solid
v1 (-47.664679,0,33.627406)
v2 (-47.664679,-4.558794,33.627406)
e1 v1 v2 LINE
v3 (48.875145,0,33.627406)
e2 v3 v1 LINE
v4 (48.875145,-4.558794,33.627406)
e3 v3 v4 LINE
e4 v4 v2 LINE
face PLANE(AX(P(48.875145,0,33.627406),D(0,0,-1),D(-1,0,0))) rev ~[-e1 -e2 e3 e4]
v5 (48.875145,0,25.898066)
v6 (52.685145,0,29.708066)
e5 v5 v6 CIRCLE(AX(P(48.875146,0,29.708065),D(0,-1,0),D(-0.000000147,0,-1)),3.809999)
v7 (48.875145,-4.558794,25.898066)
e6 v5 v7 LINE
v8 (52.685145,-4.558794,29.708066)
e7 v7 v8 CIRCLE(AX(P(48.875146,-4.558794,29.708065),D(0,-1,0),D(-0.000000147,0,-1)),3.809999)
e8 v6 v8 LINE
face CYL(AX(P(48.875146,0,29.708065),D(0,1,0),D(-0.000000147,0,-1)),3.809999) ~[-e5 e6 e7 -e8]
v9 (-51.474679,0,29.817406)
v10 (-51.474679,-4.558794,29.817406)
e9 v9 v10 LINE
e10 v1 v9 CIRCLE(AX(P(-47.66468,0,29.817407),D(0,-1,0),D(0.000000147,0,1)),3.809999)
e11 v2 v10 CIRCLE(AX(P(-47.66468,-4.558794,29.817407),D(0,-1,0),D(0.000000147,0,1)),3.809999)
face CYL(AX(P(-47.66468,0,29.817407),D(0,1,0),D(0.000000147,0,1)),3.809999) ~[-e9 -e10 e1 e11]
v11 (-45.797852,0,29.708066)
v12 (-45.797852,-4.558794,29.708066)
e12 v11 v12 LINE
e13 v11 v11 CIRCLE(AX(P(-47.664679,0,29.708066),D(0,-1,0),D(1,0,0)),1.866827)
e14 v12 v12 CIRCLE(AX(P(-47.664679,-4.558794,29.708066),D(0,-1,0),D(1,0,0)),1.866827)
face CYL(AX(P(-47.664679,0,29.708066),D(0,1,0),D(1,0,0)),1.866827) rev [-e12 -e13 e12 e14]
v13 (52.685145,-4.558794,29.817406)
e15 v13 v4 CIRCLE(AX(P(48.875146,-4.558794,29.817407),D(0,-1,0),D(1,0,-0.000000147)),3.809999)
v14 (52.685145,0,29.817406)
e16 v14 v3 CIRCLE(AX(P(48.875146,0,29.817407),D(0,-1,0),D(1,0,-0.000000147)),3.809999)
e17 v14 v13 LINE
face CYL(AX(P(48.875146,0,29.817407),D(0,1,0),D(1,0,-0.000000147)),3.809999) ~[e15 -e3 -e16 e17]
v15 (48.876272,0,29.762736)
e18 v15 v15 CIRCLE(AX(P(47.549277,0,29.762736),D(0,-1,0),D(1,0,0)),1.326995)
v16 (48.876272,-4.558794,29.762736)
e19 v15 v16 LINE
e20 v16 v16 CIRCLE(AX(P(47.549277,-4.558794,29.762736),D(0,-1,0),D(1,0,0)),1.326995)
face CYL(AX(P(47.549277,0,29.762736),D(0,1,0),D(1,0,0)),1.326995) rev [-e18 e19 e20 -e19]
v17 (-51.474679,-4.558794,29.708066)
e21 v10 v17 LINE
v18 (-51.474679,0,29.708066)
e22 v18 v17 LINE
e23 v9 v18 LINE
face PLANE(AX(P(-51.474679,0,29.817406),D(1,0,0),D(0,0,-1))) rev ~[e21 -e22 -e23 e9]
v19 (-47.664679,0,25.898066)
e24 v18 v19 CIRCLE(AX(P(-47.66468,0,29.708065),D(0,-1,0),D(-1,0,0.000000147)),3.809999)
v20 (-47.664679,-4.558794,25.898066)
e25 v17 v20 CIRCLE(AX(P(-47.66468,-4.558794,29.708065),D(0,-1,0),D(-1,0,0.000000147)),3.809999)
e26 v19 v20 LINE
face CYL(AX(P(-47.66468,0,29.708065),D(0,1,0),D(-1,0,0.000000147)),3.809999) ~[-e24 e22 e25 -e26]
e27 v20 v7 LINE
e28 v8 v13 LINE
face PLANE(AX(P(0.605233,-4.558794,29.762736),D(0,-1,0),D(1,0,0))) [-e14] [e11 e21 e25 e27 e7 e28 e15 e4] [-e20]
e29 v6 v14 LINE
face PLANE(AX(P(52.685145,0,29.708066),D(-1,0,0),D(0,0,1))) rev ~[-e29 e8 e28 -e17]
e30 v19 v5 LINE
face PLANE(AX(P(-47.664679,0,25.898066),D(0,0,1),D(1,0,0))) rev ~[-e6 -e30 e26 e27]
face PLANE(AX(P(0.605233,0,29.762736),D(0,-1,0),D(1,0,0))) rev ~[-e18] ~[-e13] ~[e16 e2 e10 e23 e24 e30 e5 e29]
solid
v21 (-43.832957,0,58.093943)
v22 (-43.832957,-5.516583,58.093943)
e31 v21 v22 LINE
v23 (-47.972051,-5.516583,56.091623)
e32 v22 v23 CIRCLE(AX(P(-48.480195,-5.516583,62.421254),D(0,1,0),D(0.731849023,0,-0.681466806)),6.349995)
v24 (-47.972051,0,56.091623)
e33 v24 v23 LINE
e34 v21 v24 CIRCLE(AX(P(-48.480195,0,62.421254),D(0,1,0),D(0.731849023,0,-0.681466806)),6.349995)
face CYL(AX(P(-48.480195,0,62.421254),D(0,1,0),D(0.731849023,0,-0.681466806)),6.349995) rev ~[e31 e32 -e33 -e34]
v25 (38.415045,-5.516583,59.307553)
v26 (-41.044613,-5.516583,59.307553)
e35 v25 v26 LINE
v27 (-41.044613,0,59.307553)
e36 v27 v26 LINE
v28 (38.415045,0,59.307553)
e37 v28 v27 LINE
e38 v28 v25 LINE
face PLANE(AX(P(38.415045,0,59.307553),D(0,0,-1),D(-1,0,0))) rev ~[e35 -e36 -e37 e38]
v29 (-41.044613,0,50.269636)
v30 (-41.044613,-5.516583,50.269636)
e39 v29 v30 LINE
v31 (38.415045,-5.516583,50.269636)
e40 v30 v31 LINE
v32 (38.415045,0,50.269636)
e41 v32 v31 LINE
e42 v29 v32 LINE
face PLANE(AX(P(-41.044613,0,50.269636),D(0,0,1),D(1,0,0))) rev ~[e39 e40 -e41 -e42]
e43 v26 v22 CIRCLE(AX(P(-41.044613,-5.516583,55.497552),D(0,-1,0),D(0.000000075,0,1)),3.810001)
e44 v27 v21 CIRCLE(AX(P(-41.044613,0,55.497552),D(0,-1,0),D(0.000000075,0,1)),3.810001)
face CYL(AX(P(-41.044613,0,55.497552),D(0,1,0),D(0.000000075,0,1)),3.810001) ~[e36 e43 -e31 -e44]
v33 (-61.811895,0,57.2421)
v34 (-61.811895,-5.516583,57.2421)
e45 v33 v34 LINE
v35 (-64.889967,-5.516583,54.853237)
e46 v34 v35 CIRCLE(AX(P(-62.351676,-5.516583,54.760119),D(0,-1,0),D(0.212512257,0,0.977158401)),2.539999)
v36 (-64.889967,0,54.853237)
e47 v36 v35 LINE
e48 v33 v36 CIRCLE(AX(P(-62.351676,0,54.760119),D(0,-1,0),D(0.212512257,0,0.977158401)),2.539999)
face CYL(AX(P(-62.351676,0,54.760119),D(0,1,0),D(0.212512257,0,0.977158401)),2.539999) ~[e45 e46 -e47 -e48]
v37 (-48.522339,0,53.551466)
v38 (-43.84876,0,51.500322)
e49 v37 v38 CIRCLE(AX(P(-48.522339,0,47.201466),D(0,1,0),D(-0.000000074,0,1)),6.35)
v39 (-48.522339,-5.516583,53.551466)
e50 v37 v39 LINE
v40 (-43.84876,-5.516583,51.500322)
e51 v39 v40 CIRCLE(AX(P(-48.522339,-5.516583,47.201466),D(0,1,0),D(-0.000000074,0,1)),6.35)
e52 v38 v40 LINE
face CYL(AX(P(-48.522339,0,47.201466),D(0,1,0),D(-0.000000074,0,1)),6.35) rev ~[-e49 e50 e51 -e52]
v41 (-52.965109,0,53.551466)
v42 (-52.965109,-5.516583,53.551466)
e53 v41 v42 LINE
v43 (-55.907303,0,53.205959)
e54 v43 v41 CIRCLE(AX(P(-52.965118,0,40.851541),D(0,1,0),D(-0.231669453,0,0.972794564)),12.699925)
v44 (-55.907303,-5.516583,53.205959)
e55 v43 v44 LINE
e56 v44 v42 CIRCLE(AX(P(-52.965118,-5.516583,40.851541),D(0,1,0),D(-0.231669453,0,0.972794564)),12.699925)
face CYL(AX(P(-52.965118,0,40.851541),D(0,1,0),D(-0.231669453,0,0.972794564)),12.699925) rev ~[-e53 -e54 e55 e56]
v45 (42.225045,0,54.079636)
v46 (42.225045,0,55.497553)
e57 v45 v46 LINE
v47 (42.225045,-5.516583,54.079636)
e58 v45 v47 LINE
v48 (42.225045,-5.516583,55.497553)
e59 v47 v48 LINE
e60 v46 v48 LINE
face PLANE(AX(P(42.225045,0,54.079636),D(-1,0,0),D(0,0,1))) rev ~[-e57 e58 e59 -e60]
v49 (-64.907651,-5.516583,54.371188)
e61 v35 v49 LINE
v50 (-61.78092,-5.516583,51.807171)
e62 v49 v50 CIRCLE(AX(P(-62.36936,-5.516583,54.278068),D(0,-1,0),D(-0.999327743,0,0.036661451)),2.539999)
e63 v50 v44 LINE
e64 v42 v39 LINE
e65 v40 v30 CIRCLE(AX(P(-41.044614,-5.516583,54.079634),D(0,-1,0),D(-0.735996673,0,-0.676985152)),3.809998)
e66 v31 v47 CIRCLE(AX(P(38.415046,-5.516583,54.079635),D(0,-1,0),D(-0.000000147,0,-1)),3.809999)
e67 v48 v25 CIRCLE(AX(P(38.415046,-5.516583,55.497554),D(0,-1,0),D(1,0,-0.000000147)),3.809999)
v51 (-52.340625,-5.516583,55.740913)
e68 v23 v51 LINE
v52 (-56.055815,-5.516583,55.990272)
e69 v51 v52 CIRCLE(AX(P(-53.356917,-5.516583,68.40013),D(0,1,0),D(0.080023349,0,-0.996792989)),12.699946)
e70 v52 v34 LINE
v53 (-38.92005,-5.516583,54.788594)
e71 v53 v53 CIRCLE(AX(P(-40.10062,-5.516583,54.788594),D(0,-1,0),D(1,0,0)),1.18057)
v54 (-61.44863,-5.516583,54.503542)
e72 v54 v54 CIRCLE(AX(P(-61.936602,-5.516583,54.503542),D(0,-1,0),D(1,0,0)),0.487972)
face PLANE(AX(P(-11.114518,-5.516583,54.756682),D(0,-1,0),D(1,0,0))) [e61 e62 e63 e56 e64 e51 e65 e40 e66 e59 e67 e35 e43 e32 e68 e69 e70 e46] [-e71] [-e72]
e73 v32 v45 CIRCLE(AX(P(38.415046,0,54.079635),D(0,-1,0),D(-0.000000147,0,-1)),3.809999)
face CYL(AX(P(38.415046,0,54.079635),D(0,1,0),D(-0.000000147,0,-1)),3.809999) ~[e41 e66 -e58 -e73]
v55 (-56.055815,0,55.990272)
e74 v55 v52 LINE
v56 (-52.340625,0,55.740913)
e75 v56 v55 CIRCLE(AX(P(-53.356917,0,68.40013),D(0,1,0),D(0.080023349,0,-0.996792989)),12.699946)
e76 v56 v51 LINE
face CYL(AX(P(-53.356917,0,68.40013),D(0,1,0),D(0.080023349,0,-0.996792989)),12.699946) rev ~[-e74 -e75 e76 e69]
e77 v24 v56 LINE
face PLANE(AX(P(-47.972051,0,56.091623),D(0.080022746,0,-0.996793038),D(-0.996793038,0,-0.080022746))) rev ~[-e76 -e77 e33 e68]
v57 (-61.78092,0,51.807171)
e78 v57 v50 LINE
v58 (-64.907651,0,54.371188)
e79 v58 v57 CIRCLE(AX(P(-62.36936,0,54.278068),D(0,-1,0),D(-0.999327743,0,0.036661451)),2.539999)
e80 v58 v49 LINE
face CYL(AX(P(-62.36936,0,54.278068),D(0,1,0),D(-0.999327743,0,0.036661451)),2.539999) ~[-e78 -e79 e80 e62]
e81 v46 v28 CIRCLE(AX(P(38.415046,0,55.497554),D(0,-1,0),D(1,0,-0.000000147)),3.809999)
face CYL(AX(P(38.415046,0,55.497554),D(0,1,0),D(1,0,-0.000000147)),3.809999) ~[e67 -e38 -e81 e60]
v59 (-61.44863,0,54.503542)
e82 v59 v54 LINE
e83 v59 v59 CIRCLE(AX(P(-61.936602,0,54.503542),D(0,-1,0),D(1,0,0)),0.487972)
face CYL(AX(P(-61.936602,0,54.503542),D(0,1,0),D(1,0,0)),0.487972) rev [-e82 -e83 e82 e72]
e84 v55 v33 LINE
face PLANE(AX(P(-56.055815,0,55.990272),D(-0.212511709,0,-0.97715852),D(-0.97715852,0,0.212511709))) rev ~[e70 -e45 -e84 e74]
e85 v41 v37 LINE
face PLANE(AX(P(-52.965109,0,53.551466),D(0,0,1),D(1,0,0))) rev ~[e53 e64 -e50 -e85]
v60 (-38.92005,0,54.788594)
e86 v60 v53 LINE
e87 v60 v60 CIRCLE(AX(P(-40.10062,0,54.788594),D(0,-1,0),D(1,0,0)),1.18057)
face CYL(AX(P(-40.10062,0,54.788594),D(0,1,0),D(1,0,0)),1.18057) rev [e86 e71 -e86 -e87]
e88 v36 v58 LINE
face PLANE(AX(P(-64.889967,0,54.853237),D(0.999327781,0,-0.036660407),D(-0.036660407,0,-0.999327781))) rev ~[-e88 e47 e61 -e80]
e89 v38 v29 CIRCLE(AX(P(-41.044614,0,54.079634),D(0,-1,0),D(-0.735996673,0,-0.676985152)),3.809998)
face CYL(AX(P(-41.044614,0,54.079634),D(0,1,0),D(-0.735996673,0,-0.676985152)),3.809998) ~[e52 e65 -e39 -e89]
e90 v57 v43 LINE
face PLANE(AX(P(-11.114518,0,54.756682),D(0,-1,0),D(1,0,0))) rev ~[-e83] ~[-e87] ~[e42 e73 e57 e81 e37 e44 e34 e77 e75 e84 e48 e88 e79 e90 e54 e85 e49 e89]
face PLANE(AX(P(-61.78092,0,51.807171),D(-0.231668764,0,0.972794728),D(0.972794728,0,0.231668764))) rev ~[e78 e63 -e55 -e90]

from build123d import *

# Parameters (mm, degrees)
F0_R     = 1.866827
F0_R_2   = 1.326995
F1_DEPTH = 4.558794
F2_R     = 0.487972
F2_R_2   = 1.18057
F3_DEPTH = 5.516583


with BuildPart() as f1:
    # F0 (on Front) → F1 (new body)
    with BuildSketch(Plane.XZ):
        with BuildLine():
            Line((48.875145, 33.627406), (-47.664679, 33.627406))
            ThreePointArc((-47.664679, 33.627406), (-50.358756, 32.511483), (-51.474679, 29.817406))
            Line((-51.474679, 29.817406), (-51.474679, 29.708066))
            ThreePointArc((-51.474679, 29.708066), (-50.358756, 27.013989), (-47.664679, 25.898066))
            Line((-47.664679, 25.898066), (48.875145, 25.898066))
            ThreePointArc((48.875145, 25.898066), (51.569222, 27.013989), (52.685145, 29.708066))
            Line((52.685145, 29.708066), (52.685145, 29.817406))
            ThreePointArc((52.685145, 29.817406), (51.569222, 32.511483), (48.875145, 33.627406))
        make_face()
        with Locations((-47.664679, 29.708066)):
            Circle(F0_R, mode=Mode.SUBTRACT)
        with Locations((47.549277, 29.762736)):
            Circle(F0_R_2, mode=Mode.SUBTRACT)
    extrude(amount=F1_DEPTH)


with BuildPart() as f3:
    # F2 (on Front) → F3 (new body)
    with BuildSketch(Plane.XZ):
        with BuildLine():
            Line((38.415045, 59.307553), (-41.044613, 59.307553))
            ThreePointArc((-41.044613, 59.307553), (-42.565116, 58.991), (-43.832957, 58.093943))
            ThreePointArc((-43.832957, 58.093943), (-45.714908, 56.704994), (-47.972051, 56.091623))
            Line((-47.972051, 56.091623), (-52.340625, 55.740913))
            ThreePointArc((-52.340625, 55.740913), (-54.207408, 55.728694), (-56.055815, 55.990272))
            Line((-56.055815, 55.990272), (-61.811895, 57.2421))
            ThreePointArc((-61.811895, 57.2421), (-63.908974, 56.766712), (-64.889967, 54.853237))
            Line((-64.889967, 54.853237), (-64.907651, 54.371188))
            ThreePointArc((-64.907651, 54.371188), (-63.979958, 52.313999), (-61.78092, 51.807171))
            Line((-61.78092, 51.807171), (-55.907303, 53.205959))
            ThreePointArc((-55.907303, 53.205959), (-54.446315, 53.464794), (-52.965109, 53.551466))
            Line((-52.965109, 53.551466), (-48.522339, 53.551466))
            ThreePointArc((-48.522339, 53.551466), (-45.970402, 53.016113), (-43.84876, 51.500322))
            ThreePointArc((-43.84876, 51.500322), (-42.575776, 50.590848), (-41.044613, 50.269636))
            Line((-41.044613, 50.269636), (38.415045, 50.269636))
            ThreePointArc((38.415045, 50.269636), (41.109122, 51.385559), (42.225045, 54.079636))
            Line((42.225045, 54.079636), (42.225045, 55.497553))
            ThreePointArc((42.225045, 55.497553), (41.109122, 58.19163), (38.415045, 59.307553))
        make_face()
        with Locations((-61.936602, 54.503542)):
            Circle(F2_R, mode=Mode.SUBTRACT)
        with Locations((-40.10062, 54.788594)):
            Circle(F2_R_2, mode=Mode.SUBTRACT)
    extrude(amount=F3_DEPTH)


solid = Compound([f1.part, f3.part])
